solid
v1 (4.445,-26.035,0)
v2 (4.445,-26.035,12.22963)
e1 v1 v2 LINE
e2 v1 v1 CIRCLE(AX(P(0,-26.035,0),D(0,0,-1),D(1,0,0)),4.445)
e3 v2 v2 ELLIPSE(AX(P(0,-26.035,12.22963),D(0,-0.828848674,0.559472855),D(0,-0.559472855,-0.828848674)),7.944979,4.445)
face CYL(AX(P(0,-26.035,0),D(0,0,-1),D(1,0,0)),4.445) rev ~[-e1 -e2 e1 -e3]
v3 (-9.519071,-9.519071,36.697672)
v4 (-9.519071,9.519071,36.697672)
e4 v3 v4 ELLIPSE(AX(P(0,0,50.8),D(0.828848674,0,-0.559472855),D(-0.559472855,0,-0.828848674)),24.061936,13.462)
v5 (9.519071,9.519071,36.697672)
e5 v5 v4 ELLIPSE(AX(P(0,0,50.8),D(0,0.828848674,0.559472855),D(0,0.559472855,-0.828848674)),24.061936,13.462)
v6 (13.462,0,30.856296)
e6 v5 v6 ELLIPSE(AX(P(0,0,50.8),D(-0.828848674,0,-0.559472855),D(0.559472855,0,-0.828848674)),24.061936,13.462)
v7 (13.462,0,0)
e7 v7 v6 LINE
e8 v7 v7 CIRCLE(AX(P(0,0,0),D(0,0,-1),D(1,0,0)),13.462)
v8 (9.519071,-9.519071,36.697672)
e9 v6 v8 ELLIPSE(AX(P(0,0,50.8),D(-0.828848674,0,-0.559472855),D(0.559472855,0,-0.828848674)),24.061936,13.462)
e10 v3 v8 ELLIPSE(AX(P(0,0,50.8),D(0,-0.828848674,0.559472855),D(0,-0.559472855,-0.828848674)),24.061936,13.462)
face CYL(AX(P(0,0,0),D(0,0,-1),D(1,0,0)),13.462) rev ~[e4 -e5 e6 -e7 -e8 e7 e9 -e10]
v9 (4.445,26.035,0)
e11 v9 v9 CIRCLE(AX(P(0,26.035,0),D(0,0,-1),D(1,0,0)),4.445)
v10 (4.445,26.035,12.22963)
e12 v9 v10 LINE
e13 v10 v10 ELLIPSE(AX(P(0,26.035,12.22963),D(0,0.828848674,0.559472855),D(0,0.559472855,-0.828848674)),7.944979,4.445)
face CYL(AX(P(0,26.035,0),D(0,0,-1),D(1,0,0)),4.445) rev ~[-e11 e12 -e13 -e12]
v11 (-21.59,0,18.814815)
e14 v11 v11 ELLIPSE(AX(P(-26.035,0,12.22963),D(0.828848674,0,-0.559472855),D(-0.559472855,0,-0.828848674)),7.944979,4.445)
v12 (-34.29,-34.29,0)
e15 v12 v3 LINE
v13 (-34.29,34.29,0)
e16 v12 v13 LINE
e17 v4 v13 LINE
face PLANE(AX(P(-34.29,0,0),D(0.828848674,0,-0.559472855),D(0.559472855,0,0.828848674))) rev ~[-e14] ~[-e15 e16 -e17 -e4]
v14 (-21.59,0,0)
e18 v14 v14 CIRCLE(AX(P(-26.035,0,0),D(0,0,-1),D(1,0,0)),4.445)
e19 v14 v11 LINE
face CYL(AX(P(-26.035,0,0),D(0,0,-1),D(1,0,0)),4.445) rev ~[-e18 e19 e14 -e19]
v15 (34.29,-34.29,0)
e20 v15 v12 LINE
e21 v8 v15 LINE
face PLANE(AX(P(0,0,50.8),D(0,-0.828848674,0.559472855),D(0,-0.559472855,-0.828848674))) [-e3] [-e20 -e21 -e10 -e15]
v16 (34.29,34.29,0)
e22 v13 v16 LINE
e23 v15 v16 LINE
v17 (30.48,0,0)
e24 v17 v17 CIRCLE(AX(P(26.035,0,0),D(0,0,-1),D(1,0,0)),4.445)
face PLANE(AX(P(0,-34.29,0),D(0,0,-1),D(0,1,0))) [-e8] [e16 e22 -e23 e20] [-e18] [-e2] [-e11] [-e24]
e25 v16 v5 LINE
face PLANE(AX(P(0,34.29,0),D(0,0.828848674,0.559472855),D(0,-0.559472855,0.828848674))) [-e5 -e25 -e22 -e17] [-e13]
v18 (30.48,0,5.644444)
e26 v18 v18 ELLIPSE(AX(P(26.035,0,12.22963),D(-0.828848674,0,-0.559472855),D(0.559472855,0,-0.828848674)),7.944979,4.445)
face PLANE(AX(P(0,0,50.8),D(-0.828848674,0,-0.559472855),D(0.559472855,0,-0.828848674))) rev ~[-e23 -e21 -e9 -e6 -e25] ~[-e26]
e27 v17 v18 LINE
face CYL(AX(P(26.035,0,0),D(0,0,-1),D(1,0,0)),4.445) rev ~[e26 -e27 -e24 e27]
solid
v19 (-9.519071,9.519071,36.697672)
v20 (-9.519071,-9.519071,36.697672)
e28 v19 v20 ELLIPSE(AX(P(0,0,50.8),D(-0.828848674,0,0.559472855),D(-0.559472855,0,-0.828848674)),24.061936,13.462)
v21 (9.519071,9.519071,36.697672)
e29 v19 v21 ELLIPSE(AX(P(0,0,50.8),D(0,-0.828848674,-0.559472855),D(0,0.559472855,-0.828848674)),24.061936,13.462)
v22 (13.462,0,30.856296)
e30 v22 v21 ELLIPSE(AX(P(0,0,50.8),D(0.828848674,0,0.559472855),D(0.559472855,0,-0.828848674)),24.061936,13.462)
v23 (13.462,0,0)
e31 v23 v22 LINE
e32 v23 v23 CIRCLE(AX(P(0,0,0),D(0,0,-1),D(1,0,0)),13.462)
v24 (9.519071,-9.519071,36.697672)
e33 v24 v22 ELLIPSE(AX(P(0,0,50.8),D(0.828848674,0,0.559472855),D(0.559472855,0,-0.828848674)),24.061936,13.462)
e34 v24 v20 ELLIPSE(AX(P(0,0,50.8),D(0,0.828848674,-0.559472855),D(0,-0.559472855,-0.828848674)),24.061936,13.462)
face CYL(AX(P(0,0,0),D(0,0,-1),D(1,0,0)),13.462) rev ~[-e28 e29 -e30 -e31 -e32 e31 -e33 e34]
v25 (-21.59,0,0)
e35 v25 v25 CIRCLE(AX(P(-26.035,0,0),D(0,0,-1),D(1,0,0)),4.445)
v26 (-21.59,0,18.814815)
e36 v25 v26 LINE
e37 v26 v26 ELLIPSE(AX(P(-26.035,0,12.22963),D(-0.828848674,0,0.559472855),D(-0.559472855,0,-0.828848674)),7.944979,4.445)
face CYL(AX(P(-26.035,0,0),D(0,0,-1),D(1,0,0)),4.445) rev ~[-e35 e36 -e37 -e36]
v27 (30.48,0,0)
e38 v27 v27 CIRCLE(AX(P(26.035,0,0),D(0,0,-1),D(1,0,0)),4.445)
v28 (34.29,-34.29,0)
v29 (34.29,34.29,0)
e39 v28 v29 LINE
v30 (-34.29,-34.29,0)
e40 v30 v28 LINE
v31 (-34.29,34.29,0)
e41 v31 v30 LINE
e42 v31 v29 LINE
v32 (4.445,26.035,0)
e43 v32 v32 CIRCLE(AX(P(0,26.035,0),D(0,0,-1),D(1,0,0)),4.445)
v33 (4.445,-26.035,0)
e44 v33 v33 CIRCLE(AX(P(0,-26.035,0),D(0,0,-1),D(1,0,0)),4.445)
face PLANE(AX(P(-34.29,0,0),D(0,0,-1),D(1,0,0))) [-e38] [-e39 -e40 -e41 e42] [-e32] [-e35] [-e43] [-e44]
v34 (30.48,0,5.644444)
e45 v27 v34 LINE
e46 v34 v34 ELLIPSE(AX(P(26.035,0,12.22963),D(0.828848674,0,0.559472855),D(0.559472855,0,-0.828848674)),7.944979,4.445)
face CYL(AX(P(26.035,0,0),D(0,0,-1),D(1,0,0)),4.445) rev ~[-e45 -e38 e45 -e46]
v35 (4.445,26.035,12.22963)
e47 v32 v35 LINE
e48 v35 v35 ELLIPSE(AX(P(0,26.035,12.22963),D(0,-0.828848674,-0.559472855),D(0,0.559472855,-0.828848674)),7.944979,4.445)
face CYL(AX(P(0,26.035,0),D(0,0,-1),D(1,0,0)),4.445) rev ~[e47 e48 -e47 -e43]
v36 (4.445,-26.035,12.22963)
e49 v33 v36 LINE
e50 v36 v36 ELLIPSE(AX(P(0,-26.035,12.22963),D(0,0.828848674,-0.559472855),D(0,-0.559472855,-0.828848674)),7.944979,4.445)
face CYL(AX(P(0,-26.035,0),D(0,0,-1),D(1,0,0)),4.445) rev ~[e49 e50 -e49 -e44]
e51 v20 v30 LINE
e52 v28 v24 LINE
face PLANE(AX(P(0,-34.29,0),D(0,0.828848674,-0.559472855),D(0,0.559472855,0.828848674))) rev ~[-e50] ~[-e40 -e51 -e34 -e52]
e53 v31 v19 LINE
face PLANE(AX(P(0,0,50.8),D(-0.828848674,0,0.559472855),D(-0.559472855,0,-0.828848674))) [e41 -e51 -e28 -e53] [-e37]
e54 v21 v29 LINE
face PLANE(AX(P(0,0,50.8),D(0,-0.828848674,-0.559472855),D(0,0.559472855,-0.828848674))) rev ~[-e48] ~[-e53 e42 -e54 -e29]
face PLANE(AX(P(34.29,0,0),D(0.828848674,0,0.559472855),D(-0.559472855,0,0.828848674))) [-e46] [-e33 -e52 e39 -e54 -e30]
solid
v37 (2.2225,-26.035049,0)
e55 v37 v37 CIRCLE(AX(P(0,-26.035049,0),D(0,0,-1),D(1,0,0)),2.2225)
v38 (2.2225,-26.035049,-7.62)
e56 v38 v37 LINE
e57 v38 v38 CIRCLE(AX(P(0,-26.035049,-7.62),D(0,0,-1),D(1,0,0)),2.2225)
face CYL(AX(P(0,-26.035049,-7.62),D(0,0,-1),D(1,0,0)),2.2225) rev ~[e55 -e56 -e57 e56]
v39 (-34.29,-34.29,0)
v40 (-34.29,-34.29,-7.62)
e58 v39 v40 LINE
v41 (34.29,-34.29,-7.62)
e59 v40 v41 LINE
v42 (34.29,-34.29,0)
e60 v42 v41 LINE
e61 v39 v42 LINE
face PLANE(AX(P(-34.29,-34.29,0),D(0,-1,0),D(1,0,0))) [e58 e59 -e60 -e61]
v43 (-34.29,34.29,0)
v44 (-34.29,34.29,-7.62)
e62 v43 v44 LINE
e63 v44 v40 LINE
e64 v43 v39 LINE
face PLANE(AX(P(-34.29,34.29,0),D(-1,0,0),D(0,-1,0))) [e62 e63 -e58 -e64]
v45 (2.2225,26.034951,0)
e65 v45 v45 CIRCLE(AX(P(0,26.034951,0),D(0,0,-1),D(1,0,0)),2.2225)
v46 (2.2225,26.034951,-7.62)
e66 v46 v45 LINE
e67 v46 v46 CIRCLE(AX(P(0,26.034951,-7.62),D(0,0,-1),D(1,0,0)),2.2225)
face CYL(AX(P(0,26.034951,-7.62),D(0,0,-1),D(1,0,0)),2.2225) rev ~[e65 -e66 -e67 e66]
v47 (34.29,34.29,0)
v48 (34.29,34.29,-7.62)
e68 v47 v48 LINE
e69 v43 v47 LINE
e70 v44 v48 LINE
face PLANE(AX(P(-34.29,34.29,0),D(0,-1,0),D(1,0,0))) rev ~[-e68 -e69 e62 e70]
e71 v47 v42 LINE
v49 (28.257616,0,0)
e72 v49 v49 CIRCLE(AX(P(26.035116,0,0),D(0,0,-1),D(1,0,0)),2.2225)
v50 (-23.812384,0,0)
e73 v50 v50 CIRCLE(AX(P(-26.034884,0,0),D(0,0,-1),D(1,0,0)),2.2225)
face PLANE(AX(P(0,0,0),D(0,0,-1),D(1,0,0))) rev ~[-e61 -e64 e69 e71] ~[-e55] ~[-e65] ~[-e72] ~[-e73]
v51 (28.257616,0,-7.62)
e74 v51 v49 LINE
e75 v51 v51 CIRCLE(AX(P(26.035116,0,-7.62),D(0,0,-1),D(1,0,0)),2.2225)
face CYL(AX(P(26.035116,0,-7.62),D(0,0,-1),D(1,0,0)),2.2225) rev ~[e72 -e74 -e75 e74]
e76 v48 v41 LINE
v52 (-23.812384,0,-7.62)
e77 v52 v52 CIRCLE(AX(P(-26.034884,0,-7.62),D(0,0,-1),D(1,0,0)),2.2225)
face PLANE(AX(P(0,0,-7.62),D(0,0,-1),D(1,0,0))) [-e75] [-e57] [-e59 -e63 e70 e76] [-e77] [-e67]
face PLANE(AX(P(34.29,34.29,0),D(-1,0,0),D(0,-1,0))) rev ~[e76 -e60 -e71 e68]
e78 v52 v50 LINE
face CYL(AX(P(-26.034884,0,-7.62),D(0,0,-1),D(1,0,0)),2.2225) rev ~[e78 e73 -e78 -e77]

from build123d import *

# Parameters (mm, degrees)
F1_DEPTH  = 34.29
F3_DEPTH  = 34.29
F5_DEPTH  = 38.1
F7_DEPTH  = 38.1
F9_DEPTH  = 38.1
F11_DEPTH = 38.1
F12_R     = 13.462
F13_DEPTH = 53.34
F14_R     = 4.445
F15_DEPTH = 22.86
F16_W     = 68.58
F16_H     = 68.58
F17_DEPTH = 7.62
F18_R     = 2.2225
F19_DEPTH = 12.7


with BuildPart() as f1:
    # F0 (on Front) → F1 (new body, symmetric)
    with BuildSketch(Plane.XZ):
        Polygon((0, 50.8), (-34.29, 0), (34.29, 0), align=None)
    extrude(amount=F1_DEPTH, both=True)

    # F8 (on Right) → F9 (cut, symmetric)
    with BuildSketch(Plane.YZ):
        Polygon((34.29, 50.8), (0, 50.8), (34.29, 0), align=None)
    extrude(amount=F9_DEPTH, both=True, mode=Mode.SUBTRACT)

    # F10 (on Right) → F11 (cut, symmetric)
    with BuildSketch(Plane.YZ):
        Polygon((-34.29, 0), (0, 50.8), (-34.29, 50.8), align=None)
    extrude(amount=F11_DEPTH, both=True, mode=Mode.SUBTRACT)


with BuildPart() as f3:
    # F2 (on Right) → F3 (new body, symmetric)
    with BuildSketch(Plane.YZ):
        Polygon((-34.29, 0), (34.29, 0), (0, 50.8), align=None)
    extrude(amount=F3_DEPTH, both=True)

    # F4 (on Front) → F5 (cut, symmetric)
    with BuildSketch(Plane.XZ):
        Polygon((-34.29, 0), (0, 50.8), (-34.29, 50.8), align=None)
    extrude(amount=F5_DEPTH, both=True, mode=Mode.SUBTRACT)

    # F6 (on Front) → F7 (cut, symmetric)
    with BuildSketch(Plane.XZ):
        Polygon((34.29, 50.8), (0, 50.8), (34.29, 0), align=None)
    extrude(amount=F7_DEPTH, both=True, mode=Mode.SUBTRACT)


with BuildPart() as f13_tool:
    # F12 (on face) → F13 (new body)
    with BuildSketch(Plane(origin=(0, 0, 0), x_dir=(1, 0, 0), z_dir=(0, 0, -1))):
        Circle(F12_R)
    extrude(amount=-F13_DEPTH)


with BuildPart() as f1_1:
    add(f1.part)

    # F13: cut by f13_tool
    add(f13_tool.part, mode=Mode.SUBTRACT)


with BuildPart() as f3_1:
    add(f3.part)

    # F13: cut by f13_tool
    add(f13_tool.part, mode=Mode.SUBTRACT)


with BuildPart() as f15_tool:
    # F14 (on face) → F15 (new body)
    with BuildSketch(Plane(origin=(0, 0, 0), x_dir=(1, 0, 0), z_dir=(0, 0, -1))):
        with Locations((0, 26.035)):
            Circle(F14_R)
        with Locations((26.035, 0)):
            Circle(F14_R)
        with Locations((0, -26.035)):
            Circle(F14_R)
        with Locations((-26.035, 0)):
            Circle(F14_R)
    extrude(amount=-F15_DEPTH)


with BuildPart() as f1_2:
    add(f1_1.part)

    # F15: cut by f15_tool
    add(f15_tool.part, mode=Mode.SUBTRACT)


with BuildPart() as f3_2:
    add(f3_1.part)

    # F15: cut by f15_tool
    add(f15_tool.part, mode=Mode.SUBTRACT)


with BuildPart() as f17:
    # F16 (on face) → F17 (new body)
    with BuildSketch(Plane(origin=(0, 0, 0), x_dir=(1, 0, 0), z_dir=(0, 0, -1))):
        Rectangle(F16_W, F16_H)
    extrude(amount=F17_DEPTH)

    # F18 (on face) → F19 (cut)
    with BuildSketch(Plane(origin=(0, 0, -7.62), x_dir=(1, 0, 0), z_dir=(0, 0, -1))):
        with Locations((0, 26.035049)):
            Circle(F18_R)
        with Locations((-26.034884, 0)):
            Circle(F18_R)
        with Locations((0, -26.034951)):
            Circle(F18_R)
        with Locations((26.035116, 0)):
            Circle(F18_R)
    extrude(amount=-F19_DEPTH, mode=Mode.SUBTRACT)


solid = Compound([f1_2.part, f3_2.part, f17.part])
